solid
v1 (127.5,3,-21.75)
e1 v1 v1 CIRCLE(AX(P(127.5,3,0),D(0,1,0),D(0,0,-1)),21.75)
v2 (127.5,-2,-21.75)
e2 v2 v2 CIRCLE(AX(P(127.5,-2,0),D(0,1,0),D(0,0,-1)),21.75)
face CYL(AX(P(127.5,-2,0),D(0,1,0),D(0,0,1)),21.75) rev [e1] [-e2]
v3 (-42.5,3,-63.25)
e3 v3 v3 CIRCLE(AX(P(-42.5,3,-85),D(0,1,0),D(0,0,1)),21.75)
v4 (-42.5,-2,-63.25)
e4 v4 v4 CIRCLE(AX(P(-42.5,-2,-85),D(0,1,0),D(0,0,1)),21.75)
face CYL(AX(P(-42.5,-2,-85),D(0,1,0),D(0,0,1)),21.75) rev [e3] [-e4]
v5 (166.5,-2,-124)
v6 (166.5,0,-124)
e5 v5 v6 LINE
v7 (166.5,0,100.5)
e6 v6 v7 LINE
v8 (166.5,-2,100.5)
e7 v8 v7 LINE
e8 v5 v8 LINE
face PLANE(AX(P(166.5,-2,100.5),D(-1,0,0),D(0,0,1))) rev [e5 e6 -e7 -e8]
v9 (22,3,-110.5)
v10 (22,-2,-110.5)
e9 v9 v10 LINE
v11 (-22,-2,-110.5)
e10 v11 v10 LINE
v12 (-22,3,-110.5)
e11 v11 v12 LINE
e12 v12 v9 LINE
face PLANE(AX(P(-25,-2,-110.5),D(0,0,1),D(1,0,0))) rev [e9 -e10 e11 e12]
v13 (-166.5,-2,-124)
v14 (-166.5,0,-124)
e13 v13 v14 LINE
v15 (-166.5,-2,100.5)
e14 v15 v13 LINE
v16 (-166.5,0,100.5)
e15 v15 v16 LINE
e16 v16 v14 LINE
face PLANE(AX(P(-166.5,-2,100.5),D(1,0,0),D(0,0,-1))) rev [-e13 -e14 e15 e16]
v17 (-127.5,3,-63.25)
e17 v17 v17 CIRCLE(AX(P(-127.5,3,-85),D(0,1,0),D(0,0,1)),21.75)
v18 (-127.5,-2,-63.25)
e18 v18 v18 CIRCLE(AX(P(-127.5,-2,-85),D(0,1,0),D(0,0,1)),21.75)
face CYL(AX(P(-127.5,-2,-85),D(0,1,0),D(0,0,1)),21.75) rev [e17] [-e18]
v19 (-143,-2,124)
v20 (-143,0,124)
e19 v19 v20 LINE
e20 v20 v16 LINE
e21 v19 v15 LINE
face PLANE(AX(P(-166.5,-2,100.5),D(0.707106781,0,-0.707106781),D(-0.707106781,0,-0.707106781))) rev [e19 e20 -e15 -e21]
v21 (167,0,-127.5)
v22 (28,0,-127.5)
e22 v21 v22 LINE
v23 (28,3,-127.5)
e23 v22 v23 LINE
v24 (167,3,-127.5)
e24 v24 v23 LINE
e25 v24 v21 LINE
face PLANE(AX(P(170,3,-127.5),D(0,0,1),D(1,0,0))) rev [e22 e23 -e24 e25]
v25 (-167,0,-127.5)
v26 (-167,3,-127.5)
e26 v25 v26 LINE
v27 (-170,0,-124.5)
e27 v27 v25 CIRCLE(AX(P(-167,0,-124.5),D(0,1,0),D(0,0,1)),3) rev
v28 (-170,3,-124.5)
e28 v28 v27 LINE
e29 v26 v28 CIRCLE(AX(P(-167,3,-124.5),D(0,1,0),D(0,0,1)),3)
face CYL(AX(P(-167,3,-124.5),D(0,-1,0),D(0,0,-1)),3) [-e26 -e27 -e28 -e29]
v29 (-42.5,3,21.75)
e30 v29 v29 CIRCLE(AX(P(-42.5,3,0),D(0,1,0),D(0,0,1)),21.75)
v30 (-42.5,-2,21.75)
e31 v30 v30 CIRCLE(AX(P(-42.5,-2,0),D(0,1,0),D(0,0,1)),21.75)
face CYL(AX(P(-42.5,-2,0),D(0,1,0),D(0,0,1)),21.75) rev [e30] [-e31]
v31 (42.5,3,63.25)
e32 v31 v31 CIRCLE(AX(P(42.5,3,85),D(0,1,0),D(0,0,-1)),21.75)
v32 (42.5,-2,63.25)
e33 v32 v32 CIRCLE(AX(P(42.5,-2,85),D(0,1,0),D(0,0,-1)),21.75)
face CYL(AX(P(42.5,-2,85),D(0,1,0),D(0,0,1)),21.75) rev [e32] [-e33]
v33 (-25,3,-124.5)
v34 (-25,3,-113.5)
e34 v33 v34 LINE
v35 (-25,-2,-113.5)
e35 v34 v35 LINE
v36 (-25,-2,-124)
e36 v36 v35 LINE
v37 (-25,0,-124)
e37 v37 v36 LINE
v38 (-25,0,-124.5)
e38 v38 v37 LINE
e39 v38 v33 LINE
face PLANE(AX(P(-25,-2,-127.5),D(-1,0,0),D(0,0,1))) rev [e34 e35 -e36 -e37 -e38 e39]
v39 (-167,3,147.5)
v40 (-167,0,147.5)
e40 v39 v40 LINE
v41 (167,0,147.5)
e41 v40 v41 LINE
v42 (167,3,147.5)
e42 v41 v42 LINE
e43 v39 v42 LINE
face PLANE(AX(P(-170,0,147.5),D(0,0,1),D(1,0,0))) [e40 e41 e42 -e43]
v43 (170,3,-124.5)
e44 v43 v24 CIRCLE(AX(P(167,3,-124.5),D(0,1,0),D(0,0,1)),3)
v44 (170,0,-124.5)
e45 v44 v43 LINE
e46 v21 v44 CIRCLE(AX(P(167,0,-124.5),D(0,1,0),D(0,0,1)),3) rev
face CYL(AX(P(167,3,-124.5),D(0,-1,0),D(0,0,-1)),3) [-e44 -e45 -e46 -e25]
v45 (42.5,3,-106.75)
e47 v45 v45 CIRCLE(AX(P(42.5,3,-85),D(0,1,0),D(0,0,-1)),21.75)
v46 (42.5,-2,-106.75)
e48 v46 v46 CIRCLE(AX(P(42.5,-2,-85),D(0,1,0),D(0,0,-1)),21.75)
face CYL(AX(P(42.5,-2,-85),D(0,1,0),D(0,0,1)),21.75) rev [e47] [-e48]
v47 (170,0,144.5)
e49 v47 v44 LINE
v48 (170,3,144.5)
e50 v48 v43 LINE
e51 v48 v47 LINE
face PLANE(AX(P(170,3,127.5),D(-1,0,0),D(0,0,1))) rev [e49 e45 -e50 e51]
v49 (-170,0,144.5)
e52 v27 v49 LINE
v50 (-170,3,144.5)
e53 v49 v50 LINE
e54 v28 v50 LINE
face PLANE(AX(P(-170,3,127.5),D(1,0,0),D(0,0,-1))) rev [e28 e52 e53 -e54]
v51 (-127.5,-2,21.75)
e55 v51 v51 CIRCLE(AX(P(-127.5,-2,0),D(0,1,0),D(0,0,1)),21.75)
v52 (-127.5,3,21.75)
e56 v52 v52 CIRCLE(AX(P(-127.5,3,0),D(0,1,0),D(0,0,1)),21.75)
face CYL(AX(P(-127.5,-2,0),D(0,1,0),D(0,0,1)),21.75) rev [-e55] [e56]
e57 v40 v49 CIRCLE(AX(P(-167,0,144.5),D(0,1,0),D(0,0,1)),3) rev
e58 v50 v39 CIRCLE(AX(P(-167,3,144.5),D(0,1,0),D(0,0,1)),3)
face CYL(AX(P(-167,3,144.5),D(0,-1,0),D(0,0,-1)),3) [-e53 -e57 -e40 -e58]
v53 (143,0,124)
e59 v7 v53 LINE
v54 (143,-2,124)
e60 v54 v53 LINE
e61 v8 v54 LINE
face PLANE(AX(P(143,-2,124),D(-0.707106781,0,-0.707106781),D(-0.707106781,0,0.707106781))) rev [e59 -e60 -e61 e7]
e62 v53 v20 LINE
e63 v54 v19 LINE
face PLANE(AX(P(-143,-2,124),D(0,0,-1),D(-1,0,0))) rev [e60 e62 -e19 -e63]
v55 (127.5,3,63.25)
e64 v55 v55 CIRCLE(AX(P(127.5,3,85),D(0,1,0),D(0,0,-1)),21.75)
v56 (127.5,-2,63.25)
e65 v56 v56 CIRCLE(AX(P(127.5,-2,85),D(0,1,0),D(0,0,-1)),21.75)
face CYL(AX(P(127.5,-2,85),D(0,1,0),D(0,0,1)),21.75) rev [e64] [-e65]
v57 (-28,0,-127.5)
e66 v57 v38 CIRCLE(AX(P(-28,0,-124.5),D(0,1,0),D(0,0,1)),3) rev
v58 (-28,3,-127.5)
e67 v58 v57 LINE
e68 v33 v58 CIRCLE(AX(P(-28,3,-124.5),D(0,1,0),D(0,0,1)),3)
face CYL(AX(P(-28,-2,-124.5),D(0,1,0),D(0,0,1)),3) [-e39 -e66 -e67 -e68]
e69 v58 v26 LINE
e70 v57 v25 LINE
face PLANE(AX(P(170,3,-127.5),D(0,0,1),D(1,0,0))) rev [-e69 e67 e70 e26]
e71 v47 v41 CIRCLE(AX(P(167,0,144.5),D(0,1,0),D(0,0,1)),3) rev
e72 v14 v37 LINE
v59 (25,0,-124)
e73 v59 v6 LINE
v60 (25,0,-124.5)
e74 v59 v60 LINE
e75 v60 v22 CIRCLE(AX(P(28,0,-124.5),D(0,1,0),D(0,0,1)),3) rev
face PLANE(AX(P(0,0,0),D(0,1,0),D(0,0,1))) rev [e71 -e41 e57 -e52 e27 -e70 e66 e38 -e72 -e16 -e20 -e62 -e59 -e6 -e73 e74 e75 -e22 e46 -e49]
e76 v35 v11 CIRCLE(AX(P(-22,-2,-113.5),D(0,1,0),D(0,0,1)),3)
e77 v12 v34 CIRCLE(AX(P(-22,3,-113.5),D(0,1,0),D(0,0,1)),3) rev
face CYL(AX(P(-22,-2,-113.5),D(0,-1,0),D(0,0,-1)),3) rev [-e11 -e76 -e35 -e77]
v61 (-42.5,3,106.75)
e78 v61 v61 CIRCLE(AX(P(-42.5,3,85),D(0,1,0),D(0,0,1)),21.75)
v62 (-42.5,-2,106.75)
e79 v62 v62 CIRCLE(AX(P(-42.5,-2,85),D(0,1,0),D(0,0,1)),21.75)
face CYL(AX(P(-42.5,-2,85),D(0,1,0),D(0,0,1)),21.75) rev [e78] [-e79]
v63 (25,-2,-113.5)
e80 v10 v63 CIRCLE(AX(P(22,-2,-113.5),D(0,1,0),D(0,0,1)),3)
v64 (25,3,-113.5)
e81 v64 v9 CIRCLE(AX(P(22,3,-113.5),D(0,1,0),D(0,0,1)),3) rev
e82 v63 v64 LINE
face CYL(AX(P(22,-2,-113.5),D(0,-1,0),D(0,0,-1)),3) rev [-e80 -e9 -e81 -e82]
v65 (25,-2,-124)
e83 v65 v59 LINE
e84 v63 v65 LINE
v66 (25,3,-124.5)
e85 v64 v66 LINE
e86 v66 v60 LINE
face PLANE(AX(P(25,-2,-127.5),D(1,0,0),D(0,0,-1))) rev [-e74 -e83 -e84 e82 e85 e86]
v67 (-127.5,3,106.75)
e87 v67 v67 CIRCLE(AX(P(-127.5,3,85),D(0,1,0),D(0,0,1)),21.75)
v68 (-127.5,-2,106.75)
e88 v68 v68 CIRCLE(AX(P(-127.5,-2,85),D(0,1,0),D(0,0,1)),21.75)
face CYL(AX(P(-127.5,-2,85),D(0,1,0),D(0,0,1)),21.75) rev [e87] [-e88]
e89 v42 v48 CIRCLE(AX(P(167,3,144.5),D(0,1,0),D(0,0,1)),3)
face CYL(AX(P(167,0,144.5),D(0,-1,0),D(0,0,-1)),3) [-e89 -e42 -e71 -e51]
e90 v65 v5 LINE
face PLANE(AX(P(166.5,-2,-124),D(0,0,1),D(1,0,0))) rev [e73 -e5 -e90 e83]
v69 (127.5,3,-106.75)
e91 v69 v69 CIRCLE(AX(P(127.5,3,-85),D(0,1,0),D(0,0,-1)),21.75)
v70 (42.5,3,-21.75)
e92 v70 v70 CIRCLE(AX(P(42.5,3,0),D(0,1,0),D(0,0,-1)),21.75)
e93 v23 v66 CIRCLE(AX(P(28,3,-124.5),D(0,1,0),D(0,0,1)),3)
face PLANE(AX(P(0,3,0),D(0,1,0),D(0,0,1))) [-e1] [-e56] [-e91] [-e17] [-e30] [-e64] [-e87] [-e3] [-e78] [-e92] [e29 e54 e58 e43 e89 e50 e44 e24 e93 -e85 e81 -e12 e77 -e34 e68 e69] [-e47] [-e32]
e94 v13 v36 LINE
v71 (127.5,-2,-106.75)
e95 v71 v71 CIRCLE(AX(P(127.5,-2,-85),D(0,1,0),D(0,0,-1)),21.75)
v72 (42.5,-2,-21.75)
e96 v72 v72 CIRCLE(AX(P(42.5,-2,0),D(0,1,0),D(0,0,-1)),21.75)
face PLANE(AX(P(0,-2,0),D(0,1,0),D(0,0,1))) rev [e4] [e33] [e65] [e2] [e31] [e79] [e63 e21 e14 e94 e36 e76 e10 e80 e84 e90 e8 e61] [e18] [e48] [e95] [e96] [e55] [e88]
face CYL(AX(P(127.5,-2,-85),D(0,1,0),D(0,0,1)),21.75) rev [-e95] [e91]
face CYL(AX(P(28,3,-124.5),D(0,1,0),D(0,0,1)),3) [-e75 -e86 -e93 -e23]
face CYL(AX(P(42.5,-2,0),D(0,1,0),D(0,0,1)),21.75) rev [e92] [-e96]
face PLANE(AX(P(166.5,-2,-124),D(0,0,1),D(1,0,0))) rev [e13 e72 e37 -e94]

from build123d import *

# Parameters (mm, degrees)
SKETCH_1_W          = 340
SKETCH_1_H          = 255
EXTRUDE_1_DEPTH     = 3
EXTRUDE_2_DEPTH     = 2
SKETCH_3_R          = 21.75
SKETCH_3_W          = 50
SKETCH_3_H          = 17
CUT_EXTRUDE_1_DEPTH = 5
EXTRUDE_START       = -3
SKETCH_4_W          = 340
SKETCH_4_H          = 20
EXTRUDE_3_DEPTH     = 3
FILLET_1_R          = 3


with BuildPart() as part:
    # 草圖1 → 填料-伸長1 (new body)
    with BuildSketch(Plane(origin=(0, 0, 0), x_dir=(1, 0, 0), z_dir=(0, 1, 0))):
        Rectangle(SKETCH_1_W, SKETCH_1_H)
    extrude(amount=EXTRUDE_1_DEPTH)

    # 草圖2 → 填料-伸長2 (add)
    with BuildSketch(Plane.XZ):
        Polygon((-166.5, 100.5), (-143, 124), (143, 124), (166.5, 100.5), (166.5, -124), (-166.5, -124), align=None)
    extrude(amount=EXTRUDE_2_DEPTH)

    # 草圖3 → 除料-伸長1 (cut)
    with BuildSketch(Plane(origin=(0, 3, 0), x_dir=(1, 0, 0), z_dir=(0, 1, 0))):
        with Locations(Location((-127.5, 85, 0), (0, 0, 270))):
            Circle(SKETCH_3_R)
        with Locations(Location((-42.5, 85, 0), (0, 0, 270))):
            Circle(SKETCH_3_R)
        with Locations(Location((-127.5, 0, 0), (0, 0, 270))):
            Circle(SKETCH_3_R)
        with Locations(Location((-42.5, 0, 0), (0, 0, 270))):
            Circle(SKETCH_3_R)
        with Locations(Location((-127.5, -85, 0), (0, 0, 270))):
            Circle(SKETCH_3_R)
        with Locations(Location((-42.5, -85, 0), (0, 0, 270))):
            Circle(SKETCH_3_R)
        with Locations(Location((127.5, -85, 0), (0, 0, 90))):
            Circle(SKETCH_3_R)
        with Locations(Location((42.5, -85, 0), (0, 0, 90))):
            Circle(SKETCH_3_R)
        with Locations(Location((42.5, 0, 0), (0, 0, 90))):
            Circle(SKETCH_3_R)
        with Locations(Location((127.5, 0, 0), (0, 0, 90))):
            Circle(SKETCH_3_R)
        with Locations(Location((127.5, 85, 0), (0, 0, 90))):
            Circle(SKETCH_3_R)
        with Locations(Location((42.5, 85, 0), (0, 0, 90))):
            Circle(SKETCH_3_R)
        with Locations((0, 119)):
            Rectangle(SKETCH_3_W, SKETCH_3_H)
    extrude(amount=-CUT_EXTRUDE_1_DEPTH, mode=Mode.SUBTRACT)

    # 草圖4 → 填料-伸長3 (add)
    with BuildSketch(Plane(origin=(0, 3, 0), x_dir=(1, 0, 0), z_dir=(0, 1, 0)).offset(EXTRUDE_START)):
        with Locations((0, -137.5)):
            Rectangle(SKETCH_4_W, SKETCH_4_H)
    extrude(amount=EXTRUDE_3_DEPTH)

    # 圓角1
    fillet_1_edges = [part.edges().sort_by_distance(p)[0] for p in [
        (-170, 1.5, 147.5),
        (170, 1.5, 147.5),
        (-25, 1.5, -127.5),
        (-25, 0.5, -110.5),
        (25, 1.5, -127.5),
        (25, 0.5, -110.5),
        (-170, 1.5, -127.5),
        (170, 1.5, -127.5),
    ]]
    fillet(fillet_1_edges, radius=FILLET_1_R)


solid = part.part
